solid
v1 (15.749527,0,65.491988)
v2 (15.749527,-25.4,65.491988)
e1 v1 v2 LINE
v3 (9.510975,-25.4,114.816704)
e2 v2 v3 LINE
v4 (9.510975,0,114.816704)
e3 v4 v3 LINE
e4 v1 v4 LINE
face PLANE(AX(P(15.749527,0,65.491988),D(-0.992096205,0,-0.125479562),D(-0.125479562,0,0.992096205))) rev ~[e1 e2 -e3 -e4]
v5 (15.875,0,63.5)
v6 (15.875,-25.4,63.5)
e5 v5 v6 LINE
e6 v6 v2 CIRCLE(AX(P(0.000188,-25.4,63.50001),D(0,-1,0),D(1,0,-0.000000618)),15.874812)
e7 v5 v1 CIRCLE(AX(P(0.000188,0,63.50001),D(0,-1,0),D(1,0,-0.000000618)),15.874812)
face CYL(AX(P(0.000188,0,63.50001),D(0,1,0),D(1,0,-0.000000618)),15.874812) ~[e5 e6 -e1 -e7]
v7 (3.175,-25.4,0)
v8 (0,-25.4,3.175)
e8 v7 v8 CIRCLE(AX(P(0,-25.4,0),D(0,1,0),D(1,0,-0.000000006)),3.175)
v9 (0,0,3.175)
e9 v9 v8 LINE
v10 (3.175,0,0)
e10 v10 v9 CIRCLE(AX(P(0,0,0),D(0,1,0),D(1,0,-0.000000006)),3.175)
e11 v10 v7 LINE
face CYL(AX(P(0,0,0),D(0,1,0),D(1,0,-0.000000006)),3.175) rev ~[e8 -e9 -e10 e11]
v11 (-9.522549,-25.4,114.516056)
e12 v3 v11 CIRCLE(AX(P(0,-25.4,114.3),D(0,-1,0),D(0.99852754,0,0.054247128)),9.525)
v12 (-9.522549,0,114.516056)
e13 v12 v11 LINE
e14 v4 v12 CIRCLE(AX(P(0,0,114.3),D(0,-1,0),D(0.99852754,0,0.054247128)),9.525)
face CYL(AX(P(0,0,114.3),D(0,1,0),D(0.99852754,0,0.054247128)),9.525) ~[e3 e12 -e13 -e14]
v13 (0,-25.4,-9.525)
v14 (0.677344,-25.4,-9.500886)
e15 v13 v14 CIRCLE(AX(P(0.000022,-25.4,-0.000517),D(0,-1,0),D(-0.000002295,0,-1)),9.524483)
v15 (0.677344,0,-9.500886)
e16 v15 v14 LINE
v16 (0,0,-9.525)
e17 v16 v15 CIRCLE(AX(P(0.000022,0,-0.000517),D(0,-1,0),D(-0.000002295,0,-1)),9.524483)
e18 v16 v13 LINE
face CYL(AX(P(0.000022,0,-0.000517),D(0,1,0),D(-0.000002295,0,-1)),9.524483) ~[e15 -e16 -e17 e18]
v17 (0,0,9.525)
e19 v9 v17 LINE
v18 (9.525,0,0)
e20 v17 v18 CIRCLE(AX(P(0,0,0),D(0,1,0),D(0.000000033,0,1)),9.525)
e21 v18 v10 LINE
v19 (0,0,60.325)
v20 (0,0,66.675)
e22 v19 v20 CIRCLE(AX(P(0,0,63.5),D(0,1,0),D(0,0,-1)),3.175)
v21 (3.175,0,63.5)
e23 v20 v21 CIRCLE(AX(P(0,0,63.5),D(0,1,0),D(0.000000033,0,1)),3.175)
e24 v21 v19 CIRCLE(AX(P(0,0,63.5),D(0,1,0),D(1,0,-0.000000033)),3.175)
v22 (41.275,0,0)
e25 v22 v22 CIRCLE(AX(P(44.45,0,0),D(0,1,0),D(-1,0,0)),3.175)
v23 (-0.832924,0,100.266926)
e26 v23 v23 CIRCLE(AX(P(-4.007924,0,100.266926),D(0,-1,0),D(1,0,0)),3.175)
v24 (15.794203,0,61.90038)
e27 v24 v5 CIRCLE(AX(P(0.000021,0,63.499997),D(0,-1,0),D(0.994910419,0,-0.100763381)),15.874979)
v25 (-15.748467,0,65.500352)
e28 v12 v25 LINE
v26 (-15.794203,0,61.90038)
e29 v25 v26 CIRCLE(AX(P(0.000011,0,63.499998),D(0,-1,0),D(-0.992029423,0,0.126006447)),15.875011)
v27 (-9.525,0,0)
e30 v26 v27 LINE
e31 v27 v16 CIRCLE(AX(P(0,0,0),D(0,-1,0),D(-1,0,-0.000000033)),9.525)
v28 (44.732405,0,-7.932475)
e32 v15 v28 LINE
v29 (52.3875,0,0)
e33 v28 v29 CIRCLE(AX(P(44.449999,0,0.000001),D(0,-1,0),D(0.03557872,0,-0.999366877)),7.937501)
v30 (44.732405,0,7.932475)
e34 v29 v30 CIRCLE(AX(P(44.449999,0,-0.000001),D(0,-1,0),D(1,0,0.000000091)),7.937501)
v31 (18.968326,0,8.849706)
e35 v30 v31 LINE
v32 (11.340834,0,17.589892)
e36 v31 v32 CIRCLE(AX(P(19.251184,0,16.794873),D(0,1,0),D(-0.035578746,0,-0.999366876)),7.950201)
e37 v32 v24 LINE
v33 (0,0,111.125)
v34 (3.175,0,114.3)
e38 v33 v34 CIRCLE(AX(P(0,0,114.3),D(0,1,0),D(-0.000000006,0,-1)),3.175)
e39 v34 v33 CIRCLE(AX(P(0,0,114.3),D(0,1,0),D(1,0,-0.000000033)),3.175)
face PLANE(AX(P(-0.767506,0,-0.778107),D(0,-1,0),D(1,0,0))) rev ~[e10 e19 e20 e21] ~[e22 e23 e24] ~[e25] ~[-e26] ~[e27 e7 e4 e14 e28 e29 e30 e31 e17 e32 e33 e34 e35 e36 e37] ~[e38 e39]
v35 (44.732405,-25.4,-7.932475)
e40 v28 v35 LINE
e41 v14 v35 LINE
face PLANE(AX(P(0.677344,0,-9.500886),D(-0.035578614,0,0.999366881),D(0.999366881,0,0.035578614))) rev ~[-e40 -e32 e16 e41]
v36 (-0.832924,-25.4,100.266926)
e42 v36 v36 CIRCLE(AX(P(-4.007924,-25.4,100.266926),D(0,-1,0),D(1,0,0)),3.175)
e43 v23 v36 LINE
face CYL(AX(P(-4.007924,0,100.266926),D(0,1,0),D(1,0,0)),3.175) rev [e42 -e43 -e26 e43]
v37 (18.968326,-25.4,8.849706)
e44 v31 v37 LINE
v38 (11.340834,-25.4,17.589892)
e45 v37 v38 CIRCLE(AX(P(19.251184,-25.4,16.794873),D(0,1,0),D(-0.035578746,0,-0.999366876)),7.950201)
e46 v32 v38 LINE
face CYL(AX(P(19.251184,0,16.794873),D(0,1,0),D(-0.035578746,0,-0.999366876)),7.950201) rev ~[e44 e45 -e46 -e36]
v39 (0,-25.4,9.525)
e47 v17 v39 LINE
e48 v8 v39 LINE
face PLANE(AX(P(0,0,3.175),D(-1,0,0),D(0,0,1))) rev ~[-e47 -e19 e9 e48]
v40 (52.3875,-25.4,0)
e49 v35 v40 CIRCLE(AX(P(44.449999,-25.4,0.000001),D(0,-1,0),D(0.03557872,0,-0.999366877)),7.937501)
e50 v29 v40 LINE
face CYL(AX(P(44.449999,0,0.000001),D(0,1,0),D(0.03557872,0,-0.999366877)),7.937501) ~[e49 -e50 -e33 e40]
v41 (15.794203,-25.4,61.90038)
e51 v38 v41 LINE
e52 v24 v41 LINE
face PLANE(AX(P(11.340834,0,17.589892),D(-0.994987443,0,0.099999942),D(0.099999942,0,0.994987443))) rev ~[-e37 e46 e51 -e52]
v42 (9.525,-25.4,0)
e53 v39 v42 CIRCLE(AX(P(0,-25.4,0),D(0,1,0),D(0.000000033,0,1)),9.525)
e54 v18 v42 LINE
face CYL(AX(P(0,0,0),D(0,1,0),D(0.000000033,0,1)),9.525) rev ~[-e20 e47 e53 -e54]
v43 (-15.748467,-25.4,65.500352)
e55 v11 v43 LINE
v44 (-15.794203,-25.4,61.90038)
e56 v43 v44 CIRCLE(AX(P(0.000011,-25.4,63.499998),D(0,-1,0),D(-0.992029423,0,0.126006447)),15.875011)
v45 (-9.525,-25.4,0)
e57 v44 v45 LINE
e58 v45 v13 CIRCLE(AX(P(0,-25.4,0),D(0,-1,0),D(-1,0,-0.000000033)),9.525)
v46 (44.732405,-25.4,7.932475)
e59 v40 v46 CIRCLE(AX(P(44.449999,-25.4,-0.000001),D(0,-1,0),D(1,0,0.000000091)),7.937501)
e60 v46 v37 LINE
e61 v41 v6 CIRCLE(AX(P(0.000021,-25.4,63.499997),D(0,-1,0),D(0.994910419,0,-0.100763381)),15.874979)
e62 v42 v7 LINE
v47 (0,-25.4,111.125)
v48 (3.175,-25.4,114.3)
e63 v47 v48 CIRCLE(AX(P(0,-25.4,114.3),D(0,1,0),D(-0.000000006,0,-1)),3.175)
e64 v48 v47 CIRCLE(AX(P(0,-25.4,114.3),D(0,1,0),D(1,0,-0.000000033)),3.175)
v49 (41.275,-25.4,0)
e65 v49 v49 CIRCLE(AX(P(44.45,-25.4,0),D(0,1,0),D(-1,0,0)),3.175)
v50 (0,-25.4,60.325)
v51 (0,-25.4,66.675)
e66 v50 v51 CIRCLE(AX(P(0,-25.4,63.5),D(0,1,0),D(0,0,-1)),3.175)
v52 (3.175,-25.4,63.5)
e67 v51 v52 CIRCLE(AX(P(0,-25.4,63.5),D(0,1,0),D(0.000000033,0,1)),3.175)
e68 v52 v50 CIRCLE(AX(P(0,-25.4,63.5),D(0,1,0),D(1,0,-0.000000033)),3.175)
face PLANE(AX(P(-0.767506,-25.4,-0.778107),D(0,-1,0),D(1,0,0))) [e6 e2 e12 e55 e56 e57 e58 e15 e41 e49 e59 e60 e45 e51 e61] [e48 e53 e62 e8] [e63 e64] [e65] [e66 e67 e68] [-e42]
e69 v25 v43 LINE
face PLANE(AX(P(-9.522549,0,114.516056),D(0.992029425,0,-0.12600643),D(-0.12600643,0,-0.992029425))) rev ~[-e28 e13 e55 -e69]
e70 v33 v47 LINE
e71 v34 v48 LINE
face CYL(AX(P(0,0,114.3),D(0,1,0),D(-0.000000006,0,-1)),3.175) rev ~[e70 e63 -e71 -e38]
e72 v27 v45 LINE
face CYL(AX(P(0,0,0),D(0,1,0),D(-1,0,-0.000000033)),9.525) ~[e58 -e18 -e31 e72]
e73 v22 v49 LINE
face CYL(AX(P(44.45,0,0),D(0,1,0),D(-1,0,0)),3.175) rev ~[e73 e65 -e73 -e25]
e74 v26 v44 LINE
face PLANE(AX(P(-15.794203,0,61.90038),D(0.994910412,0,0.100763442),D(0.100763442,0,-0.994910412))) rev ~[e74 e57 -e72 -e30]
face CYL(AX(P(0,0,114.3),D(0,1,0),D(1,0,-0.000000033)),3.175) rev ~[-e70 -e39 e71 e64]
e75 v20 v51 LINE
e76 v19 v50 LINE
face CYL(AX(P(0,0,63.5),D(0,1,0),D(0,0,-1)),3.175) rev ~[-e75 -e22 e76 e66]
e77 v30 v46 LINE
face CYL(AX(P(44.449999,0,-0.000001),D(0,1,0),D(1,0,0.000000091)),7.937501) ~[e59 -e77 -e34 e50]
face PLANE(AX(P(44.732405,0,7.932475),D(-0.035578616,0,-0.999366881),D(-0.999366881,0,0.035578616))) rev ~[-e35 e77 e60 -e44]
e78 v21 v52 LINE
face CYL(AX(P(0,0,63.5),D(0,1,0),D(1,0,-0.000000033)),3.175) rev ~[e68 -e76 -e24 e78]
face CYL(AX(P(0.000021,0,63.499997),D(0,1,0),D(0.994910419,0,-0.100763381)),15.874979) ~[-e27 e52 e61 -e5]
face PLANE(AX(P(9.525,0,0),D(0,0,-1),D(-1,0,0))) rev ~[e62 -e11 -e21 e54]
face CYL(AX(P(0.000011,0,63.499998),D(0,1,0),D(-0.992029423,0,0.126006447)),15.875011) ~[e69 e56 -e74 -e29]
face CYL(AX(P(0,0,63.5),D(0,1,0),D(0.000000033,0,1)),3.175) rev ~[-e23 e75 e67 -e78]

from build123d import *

# Parameters (mm, degrees)
F0_R     = 3.175
F1_DEPTH = 25.4


with BuildPart() as f1:
    # F0 (on Front) → F1 (new body)
    with BuildSketch(Plane.XZ):
        with BuildLine():
            Line((9.525, 0), (3.175, 0))
            ThreePointArc((3.175, 0), (-2.245064, -2.245064), (0, 3.175))
            Line((0, 3.175), (0, 9.525))
            ThreePointArc((0, 9.525), (-6.735192, 6.735192), (-9.525, 0))
            ThreePointArc((-9.525, 0), (-6.735192, -6.735192), (0, -9.525))
            Line((0, -9.525), (0.677344, -9.500886))
            ThreePointArc((0.677344, -9.500886), (6.970557, -6.491299), (9.525, 0))
        make_face()
        with BuildLine():
            ThreePointArc((0, 9.525), (6.735192, 6.735192), (9.525, 0))
            Line((9.525, 0), (36.5125, 0))
            ThreePointArc((36.5125, 0), (38.93809, 5.711633), (44.732405, 7.932475))
            Line((44.732405, 7.932475), (18.968326, 8.849706))
            ThreePointArc((18.968326, 8.849706), (13.261203, 11.567463), (11.340834, 17.589892))
            Line((11.340834, 17.589892), (15.794203, 61.90038))
            ThreePointArc((15.794203, 61.90038), (10.644756, 51.7227), (0, 47.625))
            Line((0, 47.625), (0, 9.525))
        make_face()
        with BuildLine():
            Line((36.5125, 0), (9.525, 0))
            ThreePointArc((9.525, 0), (6.970557, -6.491299), (0.677344, -9.500886))
            Line((0.677344, -9.500886), (44.732405, -7.932475))
            ThreePointArc((44.732405, -7.932475), (38.93809, -5.711633), (36.5125, 0))
        make_face()
        with BuildLine():
            ThreePointArc((-9.525, 0), (-6.735192, 6.735192), (0, 9.525))
            Line((0, 9.525), (0, 47.625))
            ThreePointArc((0, 47.625), (-10.644756, 51.7227), (-15.794203, 61.90038))
            Line((-15.794203, 61.90038), (-9.525, 0))
        make_face()
        with BuildLine():
            ThreePointArc((47.625, 0), (44.45, 3.175), (41.275, 0))
            ThreePointArc((41.275, 0), (44.45, -3.175), (47.625, 0))
        make_face()
        with BuildLine():
            ThreePointArc((44.732405, 7.932475), (38.93809, 5.711633), (36.5125, 0))
            ThreePointArc((36.5125, 0), (38.93809, -5.711633), (44.732405, -7.932475))
            ThreePointArc((44.732405, -7.932475), (50.161633, -5.51191), (52.3875, 0))
            ThreePointArc((52.3875, 0), (50.161633, 5.51191), (44.732405, 7.932475))
        make_face()
        with BuildLine():
            ThreePointArc((47.625, 0), (44.45, -3.175), (41.275, 0))
            ThreePointArc((41.275, 0), (44.45, 3.175), (47.625, 0))
        make_face(mode=Mode.SUBTRACT)
        with BuildLine():
            ThreePointArc((0, -9.525), (0.338886, -9.51897), (0.677344, -9.500886))
            Line((0.677344, -9.500886), (0, -9.525))
        make_face()
        with BuildLine():
            Line((0, 60.325), (0, 47.625))
            ThreePointArc((0, 47.625), (10.644756, 51.7227), (15.794203, 61.90038))
            ThreePointArc((15.794203, 61.90038), (15.854788, 62.699171), (15.875, 63.5))
            ThreePointArc((15.875, 63.5), (15.843601, 64.497968), (15.749527, 65.491988))
            ThreePointArc((15.749527, 65.491988), (10.497448, 75.408787), (0, 79.375))
            Line((0, 79.375), (0, 66.675))
            ThreePointArc((0, 66.675), (2.245064, 65.745064), (3.175, 63.5))
            ThreePointArc((3.175, 63.5), (2.245064, 61.254936), (0, 60.325))
        make_face()
        with BuildLine():
            ThreePointArc((-15.794203, 61.90038), (-10.644756, 51.7227), (0, 47.625))
            Line((0, 47.625), (0, 60.325))
            ThreePointArc((0, 60.325), (-3.175, 63.5), (0, 66.675))
            Line((0, 66.675), (0, 79.375))
            ThreePointArc((0, 79.375), (-10.494285, 75.411574), (-15.748467, 65.500352))
            ThreePointArc((-15.748467, 65.500352), (-15.873719, 63.701667), (-15.794203, 61.90038))
        make_face()
        with BuildLine():
            Line((-9.522549, 114.516056), (-15.748467, 65.500352))
            ThreePointArc((-15.748467, 65.500352), (-10.494285, 75.411574), (0, 79.375))
            Line((0, 79.375), (0, 104.775))
            ThreePointArc((0, 104.775), (-6.811151, 107.641633), (-9.522549, 114.516056))
        make_face()
        with Locations((-4.007924, 100.266926)):
            Circle(F0_R, mode=Mode.SUBTRACT)
        with BuildLine():
            Line((0, 104.775), (0, 79.375))
            ThreePointArc((0, 79.375), (10.497448, 75.408787), (15.749527, 65.491988))
            Line((15.749527, 65.491988), (9.510975, 114.816704))
            ThreePointArc((9.510975, 114.816704), (9.521493, 114.558447), (9.525, 114.3))
            ThreePointArc((9.525, 114.3), (6.735192, 107.564808), (0, 104.775))
        make_face()
        with BuildLine():
            ThreePointArc((3.175, 114.3), (-2.245064, 116.545064), (0, 111.125))
            ThreePointArc((0, 111.125), (2.245064, 112.054936), (3.175, 114.3))
        make_face()
        with BuildLine():
            ThreePointArc((9.510975, 114.816704), (-0.150436, 123.823812), (-9.522549, 114.516056))
            ThreePointArc((-9.522549, 114.516056), (-6.811151, 107.641633), (0, 104.775))
            ThreePointArc((0, 104.775), (6.735192, 107.564808), (9.525, 114.3))
            ThreePointArc((9.525, 114.3), (9.521493, 114.558447), (9.510975, 114.816704))
        make_face()
        with BuildLine():
            ThreePointArc((3.175, 114.3), (2.245064, 112.054936), (0, 111.125))
            ThreePointArc((0, 111.125), (-2.245064, 116.545064), (3.175, 114.3))
        make_face(mode=Mode.SUBTRACT)
    extrude(amount=F1_DEPTH)


solid = f1.part
